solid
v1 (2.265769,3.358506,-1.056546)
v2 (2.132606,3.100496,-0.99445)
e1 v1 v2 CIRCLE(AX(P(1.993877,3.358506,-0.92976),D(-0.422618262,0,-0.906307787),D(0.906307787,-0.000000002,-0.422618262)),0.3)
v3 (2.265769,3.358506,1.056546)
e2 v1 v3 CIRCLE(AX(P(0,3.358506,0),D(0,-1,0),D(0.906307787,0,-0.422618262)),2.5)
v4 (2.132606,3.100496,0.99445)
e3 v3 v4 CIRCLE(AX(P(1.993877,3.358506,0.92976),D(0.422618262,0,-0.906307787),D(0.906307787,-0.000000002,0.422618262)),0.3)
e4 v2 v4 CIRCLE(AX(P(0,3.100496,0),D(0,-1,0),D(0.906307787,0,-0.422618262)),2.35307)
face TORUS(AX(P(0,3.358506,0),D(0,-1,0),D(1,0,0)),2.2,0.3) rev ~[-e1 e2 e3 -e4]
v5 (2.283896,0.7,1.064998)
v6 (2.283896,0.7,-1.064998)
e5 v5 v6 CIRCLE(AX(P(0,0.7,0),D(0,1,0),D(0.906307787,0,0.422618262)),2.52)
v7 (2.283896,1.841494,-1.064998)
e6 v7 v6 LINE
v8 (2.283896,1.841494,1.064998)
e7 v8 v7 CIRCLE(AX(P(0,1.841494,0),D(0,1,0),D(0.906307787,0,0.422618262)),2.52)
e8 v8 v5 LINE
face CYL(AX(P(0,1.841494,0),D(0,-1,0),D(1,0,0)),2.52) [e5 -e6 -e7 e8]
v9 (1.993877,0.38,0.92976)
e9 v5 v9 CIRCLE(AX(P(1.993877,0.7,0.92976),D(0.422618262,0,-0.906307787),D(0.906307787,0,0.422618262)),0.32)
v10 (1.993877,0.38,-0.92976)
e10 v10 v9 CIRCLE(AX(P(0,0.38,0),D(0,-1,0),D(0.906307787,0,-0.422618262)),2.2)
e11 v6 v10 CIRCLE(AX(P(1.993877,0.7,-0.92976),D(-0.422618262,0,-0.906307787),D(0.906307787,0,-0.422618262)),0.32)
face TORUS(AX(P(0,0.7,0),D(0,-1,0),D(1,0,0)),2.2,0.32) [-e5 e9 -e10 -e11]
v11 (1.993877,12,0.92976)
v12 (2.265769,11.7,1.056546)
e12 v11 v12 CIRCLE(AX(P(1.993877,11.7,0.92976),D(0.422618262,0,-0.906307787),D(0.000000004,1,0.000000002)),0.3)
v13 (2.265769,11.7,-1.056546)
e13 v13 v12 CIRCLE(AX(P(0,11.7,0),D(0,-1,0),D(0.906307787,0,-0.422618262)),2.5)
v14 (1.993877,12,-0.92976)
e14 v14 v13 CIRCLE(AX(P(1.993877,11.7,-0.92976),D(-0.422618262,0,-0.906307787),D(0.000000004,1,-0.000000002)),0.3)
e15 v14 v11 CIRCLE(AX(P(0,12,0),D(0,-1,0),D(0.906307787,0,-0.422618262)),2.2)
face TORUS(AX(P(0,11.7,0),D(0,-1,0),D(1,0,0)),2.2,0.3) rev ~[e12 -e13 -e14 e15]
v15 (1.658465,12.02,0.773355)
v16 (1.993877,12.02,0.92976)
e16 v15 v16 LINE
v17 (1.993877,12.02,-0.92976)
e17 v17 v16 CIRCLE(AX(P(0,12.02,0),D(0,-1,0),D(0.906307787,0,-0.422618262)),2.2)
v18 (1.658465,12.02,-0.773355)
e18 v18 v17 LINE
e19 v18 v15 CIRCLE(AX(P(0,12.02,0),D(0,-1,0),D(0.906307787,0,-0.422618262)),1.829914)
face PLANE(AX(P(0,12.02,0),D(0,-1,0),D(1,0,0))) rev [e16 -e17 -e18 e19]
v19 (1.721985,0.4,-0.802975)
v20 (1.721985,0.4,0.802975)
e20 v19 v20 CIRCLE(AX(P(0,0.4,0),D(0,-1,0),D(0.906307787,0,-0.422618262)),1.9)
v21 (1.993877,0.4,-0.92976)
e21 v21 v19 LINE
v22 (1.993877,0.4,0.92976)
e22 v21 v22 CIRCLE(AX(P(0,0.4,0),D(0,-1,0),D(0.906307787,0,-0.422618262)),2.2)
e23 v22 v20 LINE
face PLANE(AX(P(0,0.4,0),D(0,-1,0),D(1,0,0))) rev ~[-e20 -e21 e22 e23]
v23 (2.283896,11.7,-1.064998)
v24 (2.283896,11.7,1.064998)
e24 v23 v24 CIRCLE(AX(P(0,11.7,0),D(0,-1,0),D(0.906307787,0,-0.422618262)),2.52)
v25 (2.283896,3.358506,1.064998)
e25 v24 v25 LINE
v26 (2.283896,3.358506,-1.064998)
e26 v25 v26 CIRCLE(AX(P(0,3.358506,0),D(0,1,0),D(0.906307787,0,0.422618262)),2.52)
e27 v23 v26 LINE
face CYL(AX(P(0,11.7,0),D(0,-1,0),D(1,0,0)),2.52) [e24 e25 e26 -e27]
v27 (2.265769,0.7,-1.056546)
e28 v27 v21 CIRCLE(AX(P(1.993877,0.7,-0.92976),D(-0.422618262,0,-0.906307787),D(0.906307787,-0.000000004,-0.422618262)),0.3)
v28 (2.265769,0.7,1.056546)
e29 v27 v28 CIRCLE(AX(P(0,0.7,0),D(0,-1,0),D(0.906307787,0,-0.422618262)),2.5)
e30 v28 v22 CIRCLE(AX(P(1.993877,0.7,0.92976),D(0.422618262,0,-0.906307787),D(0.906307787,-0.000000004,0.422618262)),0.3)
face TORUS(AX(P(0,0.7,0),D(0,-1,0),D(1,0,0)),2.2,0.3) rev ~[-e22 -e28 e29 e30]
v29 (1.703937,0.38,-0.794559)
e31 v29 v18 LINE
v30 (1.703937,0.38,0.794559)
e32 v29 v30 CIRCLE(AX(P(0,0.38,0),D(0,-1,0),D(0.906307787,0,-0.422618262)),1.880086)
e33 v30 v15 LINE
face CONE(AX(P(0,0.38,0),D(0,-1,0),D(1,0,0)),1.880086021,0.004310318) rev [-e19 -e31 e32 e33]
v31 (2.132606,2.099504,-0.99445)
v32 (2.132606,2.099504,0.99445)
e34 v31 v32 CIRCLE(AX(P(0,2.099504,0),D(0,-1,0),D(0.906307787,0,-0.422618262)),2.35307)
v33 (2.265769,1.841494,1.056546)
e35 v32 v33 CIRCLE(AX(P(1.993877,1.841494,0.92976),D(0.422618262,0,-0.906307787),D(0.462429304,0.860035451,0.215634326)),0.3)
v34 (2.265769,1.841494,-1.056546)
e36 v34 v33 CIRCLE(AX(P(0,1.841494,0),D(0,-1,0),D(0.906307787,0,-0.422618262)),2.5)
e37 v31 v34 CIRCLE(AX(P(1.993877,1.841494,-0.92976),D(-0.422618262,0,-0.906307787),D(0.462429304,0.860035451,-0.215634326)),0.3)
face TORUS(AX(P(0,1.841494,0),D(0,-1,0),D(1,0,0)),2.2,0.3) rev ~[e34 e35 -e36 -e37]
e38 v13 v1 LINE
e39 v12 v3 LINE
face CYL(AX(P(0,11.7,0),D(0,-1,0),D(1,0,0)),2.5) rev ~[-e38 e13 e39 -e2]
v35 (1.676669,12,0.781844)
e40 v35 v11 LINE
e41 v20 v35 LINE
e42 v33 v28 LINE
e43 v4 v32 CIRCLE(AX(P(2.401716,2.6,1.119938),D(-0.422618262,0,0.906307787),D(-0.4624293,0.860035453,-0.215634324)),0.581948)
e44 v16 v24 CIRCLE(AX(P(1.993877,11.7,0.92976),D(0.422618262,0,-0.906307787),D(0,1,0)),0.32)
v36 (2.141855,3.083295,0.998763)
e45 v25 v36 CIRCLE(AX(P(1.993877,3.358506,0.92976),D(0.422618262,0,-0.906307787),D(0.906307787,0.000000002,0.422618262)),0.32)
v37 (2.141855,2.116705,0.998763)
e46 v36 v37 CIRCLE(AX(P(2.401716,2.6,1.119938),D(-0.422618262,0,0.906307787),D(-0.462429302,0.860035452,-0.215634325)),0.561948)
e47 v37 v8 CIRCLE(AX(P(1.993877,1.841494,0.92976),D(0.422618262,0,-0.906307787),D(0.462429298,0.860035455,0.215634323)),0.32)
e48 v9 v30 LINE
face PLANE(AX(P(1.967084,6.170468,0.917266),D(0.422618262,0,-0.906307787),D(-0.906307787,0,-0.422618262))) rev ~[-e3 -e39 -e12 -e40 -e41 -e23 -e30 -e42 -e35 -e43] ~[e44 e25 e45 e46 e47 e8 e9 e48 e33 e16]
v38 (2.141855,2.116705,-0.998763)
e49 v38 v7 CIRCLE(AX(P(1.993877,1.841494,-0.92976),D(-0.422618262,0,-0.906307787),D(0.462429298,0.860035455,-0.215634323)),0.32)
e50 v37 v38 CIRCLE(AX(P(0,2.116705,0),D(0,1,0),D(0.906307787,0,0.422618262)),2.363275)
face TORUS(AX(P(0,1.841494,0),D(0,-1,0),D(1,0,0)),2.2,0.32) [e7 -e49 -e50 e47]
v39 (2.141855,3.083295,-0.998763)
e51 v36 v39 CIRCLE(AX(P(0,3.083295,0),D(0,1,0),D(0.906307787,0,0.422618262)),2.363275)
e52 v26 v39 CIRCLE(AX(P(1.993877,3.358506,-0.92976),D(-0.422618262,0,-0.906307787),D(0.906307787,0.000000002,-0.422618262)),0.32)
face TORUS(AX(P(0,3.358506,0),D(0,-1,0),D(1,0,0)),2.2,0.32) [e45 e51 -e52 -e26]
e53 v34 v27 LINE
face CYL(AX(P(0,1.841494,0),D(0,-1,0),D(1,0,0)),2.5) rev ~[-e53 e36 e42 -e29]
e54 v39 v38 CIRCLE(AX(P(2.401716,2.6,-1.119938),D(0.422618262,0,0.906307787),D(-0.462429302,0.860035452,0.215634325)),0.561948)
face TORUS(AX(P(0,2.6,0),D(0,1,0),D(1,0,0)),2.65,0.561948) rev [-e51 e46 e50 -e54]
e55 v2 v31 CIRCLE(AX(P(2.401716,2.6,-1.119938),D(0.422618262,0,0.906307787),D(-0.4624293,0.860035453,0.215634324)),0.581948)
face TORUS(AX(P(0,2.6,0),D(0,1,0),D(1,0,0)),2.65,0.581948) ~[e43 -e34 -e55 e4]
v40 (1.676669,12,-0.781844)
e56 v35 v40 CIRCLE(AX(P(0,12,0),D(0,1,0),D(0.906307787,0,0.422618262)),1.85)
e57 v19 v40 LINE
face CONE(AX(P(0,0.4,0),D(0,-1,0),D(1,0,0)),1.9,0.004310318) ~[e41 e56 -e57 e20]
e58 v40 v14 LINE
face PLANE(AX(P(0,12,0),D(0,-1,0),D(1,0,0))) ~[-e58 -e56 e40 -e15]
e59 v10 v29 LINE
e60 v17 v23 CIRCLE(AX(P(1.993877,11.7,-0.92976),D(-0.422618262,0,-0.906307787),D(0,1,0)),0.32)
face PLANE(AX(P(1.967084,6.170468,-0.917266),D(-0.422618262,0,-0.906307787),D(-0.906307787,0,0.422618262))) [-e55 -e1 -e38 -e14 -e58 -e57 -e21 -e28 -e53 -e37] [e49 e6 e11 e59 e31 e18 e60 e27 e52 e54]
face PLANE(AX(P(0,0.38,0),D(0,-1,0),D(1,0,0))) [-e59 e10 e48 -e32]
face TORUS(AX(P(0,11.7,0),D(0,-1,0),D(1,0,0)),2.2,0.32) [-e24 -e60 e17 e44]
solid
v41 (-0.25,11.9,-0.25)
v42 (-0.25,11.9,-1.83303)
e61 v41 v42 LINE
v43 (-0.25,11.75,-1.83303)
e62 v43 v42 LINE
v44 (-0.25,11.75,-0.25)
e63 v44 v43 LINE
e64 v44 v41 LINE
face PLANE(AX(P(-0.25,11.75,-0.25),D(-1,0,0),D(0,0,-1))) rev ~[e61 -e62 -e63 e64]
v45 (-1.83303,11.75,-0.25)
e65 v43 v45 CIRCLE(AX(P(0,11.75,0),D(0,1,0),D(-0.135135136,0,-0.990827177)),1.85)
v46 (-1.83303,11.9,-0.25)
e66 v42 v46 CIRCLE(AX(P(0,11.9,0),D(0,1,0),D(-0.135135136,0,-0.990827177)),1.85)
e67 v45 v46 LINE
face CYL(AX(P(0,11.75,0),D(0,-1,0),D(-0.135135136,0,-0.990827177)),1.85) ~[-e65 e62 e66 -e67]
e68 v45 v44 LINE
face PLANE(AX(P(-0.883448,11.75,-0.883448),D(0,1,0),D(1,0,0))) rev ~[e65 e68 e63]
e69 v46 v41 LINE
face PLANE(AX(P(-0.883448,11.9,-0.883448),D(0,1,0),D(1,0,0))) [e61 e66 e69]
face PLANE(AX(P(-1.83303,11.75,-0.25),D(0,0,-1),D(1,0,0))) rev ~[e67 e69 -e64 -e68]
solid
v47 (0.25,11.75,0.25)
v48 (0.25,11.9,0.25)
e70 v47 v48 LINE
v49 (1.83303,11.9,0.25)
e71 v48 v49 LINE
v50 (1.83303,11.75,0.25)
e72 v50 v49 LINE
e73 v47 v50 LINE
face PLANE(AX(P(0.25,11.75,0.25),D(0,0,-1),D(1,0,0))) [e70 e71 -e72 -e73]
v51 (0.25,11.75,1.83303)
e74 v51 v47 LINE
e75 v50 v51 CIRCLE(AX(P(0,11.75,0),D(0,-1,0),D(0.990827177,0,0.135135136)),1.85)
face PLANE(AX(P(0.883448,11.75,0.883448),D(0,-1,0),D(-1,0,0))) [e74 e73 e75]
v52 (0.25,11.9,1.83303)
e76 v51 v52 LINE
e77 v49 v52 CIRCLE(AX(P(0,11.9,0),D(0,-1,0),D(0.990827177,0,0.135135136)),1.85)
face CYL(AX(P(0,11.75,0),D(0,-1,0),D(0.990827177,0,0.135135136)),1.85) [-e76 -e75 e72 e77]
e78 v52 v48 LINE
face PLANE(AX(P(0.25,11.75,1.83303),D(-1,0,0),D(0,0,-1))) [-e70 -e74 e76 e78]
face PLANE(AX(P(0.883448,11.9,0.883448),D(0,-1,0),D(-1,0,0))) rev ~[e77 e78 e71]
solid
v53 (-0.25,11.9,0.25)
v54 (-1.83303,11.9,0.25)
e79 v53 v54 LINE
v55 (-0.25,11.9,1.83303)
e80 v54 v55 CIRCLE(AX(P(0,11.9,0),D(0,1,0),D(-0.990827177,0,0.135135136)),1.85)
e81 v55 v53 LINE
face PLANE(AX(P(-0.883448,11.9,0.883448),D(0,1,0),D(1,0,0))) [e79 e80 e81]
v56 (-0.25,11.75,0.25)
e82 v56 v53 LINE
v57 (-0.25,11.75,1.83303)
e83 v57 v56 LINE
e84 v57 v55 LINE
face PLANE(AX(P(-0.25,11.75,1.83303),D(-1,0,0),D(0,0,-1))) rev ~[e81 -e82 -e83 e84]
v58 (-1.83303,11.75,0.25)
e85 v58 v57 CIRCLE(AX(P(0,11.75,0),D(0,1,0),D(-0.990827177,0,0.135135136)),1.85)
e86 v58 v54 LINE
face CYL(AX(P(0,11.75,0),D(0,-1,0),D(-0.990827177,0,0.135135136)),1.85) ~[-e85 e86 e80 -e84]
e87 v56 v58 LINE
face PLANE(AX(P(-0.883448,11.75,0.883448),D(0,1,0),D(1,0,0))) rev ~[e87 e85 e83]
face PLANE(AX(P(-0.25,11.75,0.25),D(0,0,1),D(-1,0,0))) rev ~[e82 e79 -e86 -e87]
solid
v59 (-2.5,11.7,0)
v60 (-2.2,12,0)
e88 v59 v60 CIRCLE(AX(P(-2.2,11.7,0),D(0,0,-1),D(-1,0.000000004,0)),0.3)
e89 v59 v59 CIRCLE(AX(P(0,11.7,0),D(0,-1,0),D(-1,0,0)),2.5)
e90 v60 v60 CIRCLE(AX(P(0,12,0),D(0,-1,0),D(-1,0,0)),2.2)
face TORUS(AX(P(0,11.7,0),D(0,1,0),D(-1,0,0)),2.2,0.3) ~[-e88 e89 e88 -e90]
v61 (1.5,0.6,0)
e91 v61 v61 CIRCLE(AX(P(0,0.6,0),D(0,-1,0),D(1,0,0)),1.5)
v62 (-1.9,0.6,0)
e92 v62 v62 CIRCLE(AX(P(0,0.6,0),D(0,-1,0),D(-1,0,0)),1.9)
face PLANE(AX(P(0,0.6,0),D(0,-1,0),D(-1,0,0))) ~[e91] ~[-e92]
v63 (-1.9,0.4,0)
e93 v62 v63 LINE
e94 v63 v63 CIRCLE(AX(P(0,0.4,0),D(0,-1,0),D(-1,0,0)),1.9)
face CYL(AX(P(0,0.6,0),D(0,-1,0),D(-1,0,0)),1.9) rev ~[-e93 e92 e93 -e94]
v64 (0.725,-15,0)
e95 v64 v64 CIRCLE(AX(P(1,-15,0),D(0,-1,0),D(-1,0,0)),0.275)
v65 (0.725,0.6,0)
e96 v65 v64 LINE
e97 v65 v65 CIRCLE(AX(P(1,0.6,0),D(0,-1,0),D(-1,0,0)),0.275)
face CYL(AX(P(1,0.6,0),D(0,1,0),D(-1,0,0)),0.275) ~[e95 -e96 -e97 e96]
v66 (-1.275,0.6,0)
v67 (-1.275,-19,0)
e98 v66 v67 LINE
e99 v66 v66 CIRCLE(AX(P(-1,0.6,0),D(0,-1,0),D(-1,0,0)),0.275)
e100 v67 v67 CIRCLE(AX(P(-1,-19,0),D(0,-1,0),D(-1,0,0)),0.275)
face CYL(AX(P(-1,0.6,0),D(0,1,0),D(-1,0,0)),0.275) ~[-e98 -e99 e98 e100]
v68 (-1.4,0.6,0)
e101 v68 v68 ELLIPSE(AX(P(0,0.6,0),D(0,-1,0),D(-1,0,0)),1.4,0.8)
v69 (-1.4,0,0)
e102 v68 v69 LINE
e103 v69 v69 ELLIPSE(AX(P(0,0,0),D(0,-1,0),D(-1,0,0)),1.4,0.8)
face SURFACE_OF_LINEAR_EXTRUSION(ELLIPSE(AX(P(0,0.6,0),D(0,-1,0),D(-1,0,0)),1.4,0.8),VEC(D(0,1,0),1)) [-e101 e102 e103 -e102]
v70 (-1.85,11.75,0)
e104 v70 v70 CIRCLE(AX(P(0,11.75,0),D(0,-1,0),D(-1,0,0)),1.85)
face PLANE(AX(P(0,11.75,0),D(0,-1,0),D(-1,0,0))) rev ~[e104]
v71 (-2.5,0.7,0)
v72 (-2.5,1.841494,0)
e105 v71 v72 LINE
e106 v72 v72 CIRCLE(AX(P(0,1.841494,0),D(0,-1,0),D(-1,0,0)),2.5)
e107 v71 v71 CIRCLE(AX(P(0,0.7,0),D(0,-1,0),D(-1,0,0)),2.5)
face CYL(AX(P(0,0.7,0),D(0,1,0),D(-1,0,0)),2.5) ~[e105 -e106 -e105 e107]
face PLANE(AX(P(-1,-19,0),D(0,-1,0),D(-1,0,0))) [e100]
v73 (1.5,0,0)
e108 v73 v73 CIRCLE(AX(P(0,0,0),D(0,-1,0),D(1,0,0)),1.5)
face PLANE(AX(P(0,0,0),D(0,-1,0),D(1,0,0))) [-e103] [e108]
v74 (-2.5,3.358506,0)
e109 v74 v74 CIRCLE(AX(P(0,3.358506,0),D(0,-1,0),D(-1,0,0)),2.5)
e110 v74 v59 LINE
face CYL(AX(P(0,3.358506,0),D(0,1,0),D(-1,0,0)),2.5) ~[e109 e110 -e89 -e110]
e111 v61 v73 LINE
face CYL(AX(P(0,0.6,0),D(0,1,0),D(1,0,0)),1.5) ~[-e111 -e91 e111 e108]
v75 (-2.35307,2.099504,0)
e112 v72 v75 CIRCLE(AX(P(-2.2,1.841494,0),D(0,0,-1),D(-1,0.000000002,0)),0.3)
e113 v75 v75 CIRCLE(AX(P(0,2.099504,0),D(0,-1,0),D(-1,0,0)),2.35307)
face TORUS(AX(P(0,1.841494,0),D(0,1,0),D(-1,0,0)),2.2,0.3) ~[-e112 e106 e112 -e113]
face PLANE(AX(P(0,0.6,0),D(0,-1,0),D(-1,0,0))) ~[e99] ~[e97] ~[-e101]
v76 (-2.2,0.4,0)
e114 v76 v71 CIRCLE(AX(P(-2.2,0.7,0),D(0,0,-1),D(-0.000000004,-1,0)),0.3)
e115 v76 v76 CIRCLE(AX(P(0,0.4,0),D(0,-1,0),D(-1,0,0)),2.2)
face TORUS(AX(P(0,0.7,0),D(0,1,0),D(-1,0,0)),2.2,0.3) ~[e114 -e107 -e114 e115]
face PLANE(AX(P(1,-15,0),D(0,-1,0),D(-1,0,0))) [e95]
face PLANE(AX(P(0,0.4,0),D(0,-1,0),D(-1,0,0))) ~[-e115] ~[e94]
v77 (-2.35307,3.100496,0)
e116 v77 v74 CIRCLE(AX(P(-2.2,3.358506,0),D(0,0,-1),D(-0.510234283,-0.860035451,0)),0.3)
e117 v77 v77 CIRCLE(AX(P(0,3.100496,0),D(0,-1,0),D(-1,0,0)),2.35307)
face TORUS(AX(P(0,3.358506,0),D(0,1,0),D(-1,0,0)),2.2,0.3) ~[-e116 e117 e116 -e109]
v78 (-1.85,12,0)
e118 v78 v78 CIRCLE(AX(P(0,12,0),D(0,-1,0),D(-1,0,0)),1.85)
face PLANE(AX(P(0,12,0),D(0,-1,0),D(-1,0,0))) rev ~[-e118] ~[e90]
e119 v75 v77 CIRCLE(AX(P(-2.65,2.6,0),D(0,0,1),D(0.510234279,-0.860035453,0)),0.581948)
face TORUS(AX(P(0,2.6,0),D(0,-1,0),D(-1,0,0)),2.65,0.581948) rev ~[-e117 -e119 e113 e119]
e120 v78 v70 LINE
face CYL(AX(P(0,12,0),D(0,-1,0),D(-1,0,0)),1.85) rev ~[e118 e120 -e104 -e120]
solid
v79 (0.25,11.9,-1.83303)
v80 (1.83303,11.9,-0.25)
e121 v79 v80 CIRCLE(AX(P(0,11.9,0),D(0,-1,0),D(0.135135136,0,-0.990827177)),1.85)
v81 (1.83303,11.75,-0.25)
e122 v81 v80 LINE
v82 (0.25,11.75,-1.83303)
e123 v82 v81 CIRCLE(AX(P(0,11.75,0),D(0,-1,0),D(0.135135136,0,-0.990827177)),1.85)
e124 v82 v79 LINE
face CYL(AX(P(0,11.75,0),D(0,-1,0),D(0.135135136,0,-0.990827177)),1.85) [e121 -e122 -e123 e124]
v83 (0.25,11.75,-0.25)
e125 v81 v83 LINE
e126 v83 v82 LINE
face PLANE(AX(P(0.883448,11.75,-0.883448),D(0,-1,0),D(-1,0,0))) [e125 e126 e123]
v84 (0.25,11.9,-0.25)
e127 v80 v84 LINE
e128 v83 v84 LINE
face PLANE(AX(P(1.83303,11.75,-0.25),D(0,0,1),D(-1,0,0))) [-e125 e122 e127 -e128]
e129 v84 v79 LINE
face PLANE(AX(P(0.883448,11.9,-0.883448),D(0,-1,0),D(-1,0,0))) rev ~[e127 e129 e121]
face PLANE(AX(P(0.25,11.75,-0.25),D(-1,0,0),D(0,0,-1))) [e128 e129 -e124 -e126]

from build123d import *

# Parameters (mm, degrees)
BOSS_EXTRUDE1_DEPTH      = 0.15
BOSS_EXTRUDE1_2_DEPTH    = 0.15
BOSS_EXTRUDE1_3_DEPTH    = 0.15
BOSS_EXTRUDE1_4_DEPTH    = 0.15
SKETCH3_R                = 1.5
SKETCH3_RX               = 1.4
SKETCH3_RY               = 0.8
BOSS_EXTRUDE2_DEPTH      = 0.6
REVOLVE3_ANGLE           = 25
REVOLVE3_OTHER_WAY_ANGLE = 25
SKETCH7_R                = 0.275
BOSS_EXTRUDE3_DEPTH      = 19.6
SKETCH7_4_R              = 0.275
BOSS_EXTRUDE4_DEPTH      = 15.6


with BuildPart() as part:
    # Sketch1 → Revolve1 (revolve)
    with BuildSketch(Plane.XY, mode=Mode.PRIVATE) as revolve1_sk:
        with BuildLine():
            Line((0, 0.6), (1.9, 0.6))
            Line((1.9, 0.6), (1.9, 0.4))
            Line((1.9, 0.4), (2.2, 0.4))
            ThreePointArc((2.2, 0.4), (2.412132034, 0.487867966), (2.5, 0.7))
            Line((2.5, 0.7), (2.5, 1.841493624))
            ThreePointArc((2.5, 1.841493624), (2.460692429, 1.989950545), (2.353070284, 2.09950426))
            ThreePointArc((2.353070284, 2.09950426), (2.0680522, 2.6), (2.353070284, 3.10049574))
            ThreePointArc((2.353070284, 3.10049574), (2.460692429, 3.210049455), (2.5, 3.358506376))
            Line((2.5, 3.358506376), (2.5, 11.7))
            ThreePointArc((2.5, 11.7), (2.412132034, 11.912132034), (2.2, 12))
            Line((2.2, 12), (1.85, 12))
            Line((1.85, 12), (1.85, 11.75))
            Line((1.85, 11.75), (0, 11.75))
            Line((0, 11.75), (0, 0.6))
        make_face()
    revolve(revolve1_sk.sketch.rotate(Axis((0, 11.75, 0), (0, -1, 0)), 180), axis=Axis((0, 11.75, 0), (0, -1, 0)))



with BuildPart() as body_2:
    # Sketch2 → Boss-Extrude1 (new body)
    with BuildSketch(Plane(origin=(0, 11.75, 0), x_dir=(1, 0, 0), z_dir=(0, 1, 0))):
        with BuildLine():
            Line((-0.25, 0.25), (-0.25, 1.833030278))
            ThreePointArc((-0.25, 1.833030278), (-1.308147545, 1.308147545), (-1.833030278, 0.25))
            Line((-1.833030278, 0.25), (-0.25, 0.25))
        make_face()
    extrude(amount=BOSS_EXTRUDE1_DEPTH)


with BuildPart() as body_3:
    # Sketch2 → Boss-Extrude1 2 (new body)
    with BuildSketch(Plane(origin=(0, 11.75, 0), x_dir=(1, 0, 0), z_dir=(0, 1, 0))):
        with BuildLine():
            Line((0.25, -1.833030278), (0.25, -0.25))
            Line((0.25, -0.25), (1.833030278, -0.25))
            ThreePointArc((1.833030278, -0.25), (1.308147545, -1.308147545), (0.25, -1.833030278))
        make_face()
    extrude(amount=BOSS_EXTRUDE1_2_DEPTH)


with BuildPart() as body_4:
    # Sketch2 → Boss-Extrude1 3 (new body)
    with BuildSketch(Plane(origin=(0, 11.75, 0), x_dir=(1, 0, 0), z_dir=(0, 1, 0))):
        with BuildLine():
            Line((-0.25, -1.833030278), (-0.25, -0.25))
            Line((-0.25, -0.25), (-1.833030278, -0.25))
            ThreePointArc((-1.833030278, -0.25), (-1.308147545, -1.308147545), (-0.25, -1.833030278))
        make_face()
    extrude(amount=BOSS_EXTRUDE1_3_DEPTH)


with BuildPart() as body_5:
    # Sketch2 → Boss-Extrude1 4 (new body)
    with BuildSketch(Plane(origin=(0, 11.75, 0), x_dir=(1, 0, 0), z_dir=(0, 1, 0))):
        with BuildLine():
            Line((0.25, 0.25), (0.25, 1.833030278))
            ThreePointArc((0.25, 1.833030278), (1.308147545, 1.308147545), (1.833030278, 0.25))
            Line((1.833030278, 0.25), (0.25, 0.25))
        make_face()
    extrude(amount=BOSS_EXTRUDE1_4_DEPTH)


with BuildPart() as body_6:
    # Sketch3 → Boss-Extrude2 (new body)
    with BuildSketch(Plane.XZ.offset(-0.6)):
        Circle(SKETCH3_R)
        with Locations(Location((0, 0), (0, 0, 180))):
            Ellipse(SKETCH3_RX, SKETCH3_RY, mode=Mode.SUBTRACT)
    extrude(amount=BOSS_EXTRUDE2_DEPTH)


with BuildPart() as body_7:
    # Sketch5 → Revolve3 (revolve)
    with BuildSketch(Plane.XY):
        with BuildLine():
            Line((2.52, 11.7), (2.52, 3.358506376))
            ThreePointArc((2.52, 3.358506376), (2.478071924, 3.200152326), (2.363274969, 3.083295031))
            ThreePointArc((2.363274969, 3.083295031), (2.0880522, 2.6), (2.363274969, 2.116704969))
            ThreePointArc((2.363274969, 2.116704969), (2.478071924, 1.999847674), (2.52, 1.841493624))
            Line((2.52, 1.841493624), (2.52, 0.7))
            ThreePointArc((2.52, 0.7), (2.42627417, 0.47372583), (2.2, 0.38))
            Line((2.2, 0.38), (1.880086021, 0.38))
            Line((1.880086021, 0.38), (1.829913607, 12.02))
            Line((1.829913607, 12.02), (2.2, 12.02))
            ThreePointArc((2.2, 12.02), (2.42627417, 11.92627417), (2.52, 11.7))
        make_face()
        with BuildLine():
            Line((1.85, 12), (2.2, 12))
            ThreePointArc((2.2, 12), (2.412132034, 11.912132034), (2.5, 11.7))
            Line((2.5, 11.7), (2.5, 3.358506376))
            ThreePointArc((2.5, 3.358506376), (2.460692429, 3.210049455), (2.353070284, 3.10049574))
            ThreePointArc((2.353070284, 3.10049574), (2.0680522, 2.6), (2.353070284, 2.09950426))
            ThreePointArc((2.353070284, 2.09950426), (2.460692429, 1.989950545), (2.5, 1.841493624))
            Line((2.5, 1.841493624), (2.5, 0.7))
            ThreePointArc((2.5, 0.7), (2.412132034, 0.487867966), (2.2, 0.4))
            Line((2.2, 0.4), (1.9, 0.4))
            Line((1.9, 0.4), (1.85, 12))
        make_face(mode=Mode.SUBTRACT)
    revolve(axis=Axis((0, 0, 0), (0, 1, 0)), revolution_arc=REVOLVE3_ANGLE)

    # Sketch5 → Revolve3 other way (revolve)
    with BuildSketch(Plane.XY):
        with BuildLine():
            Line((2.52, 11.7), (2.52, 3.358506376))
            ThreePointArc((2.52, 3.358506376), (2.478071924, 3.200152326), (2.363274969, 3.083295031))
            ThreePointArc((2.363274969, 3.083295031), (2.0880522, 2.6), (2.363274969, 2.116704969))
            ThreePointArc((2.363274969, 2.116704969), (2.478071924, 1.999847674), (2.52, 1.841493624))
            Line((2.52, 1.841493624), (2.52, 0.7))
            ThreePointArc((2.52, 0.7), (2.42627417, 0.47372583), (2.2, 0.38))
            Line((2.2, 0.38), (1.880086021, 0.38))
            Line((1.880086021, 0.38), (1.829913607, 12.02))
            Line((1.829913607, 12.02), (2.2, 12.02))
            ThreePointArc((2.2, 12.02), (2.42627417, 11.92627417), (2.52, 11.7))
        make_face()
        with BuildLine():
            Line((1.85, 12), (2.2, 12))
            ThreePointArc((2.2, 12), (2.412132034, 11.912132034), (2.5, 11.7))
            Line((2.5, 11.7), (2.5, 3.358506376))
            ThreePointArc((2.5, 3.358506376), (2.460692429, 3.210049455), (2.353070284, 3.10049574))
            ThreePointArc((2.353070284, 3.10049574), (2.0680522, 2.6), (2.353070284, 2.09950426))
            ThreePointArc((2.353070284, 2.09950426), (2.460692429, 1.989950545), (2.5, 1.841493624))
            Line((2.5, 1.841493624), (2.5, 0.7))
            ThreePointArc((2.5, 0.7), (2.412132034, 0.487867966), (2.2, 0.4))
            Line((2.2, 0.4), (1.9, 0.4))
            Line((1.9, 0.4), (1.85, 12))
        make_face(mode=Mode.SUBTRACT)
    revolve(axis=Axis((0, 0, 0), (0, -1, 0)), revolution_arc=REVOLVE3_OTHER_WAY_ANGLE)


with BuildPart() as part_1:
    add(part.part)

    add(body_6.part)  # Boss-Extrude3 merges body 6
    # Sketch7 → Boss-Extrude3 (add)
    with BuildSketch(Plane.XZ.offset(-0.6)):
        with Locations(Location((-1, 0, 0), (0, 0, 180))):
            Circle(SKETCH7_R)
    extrude(amount=BOSS_EXTRUDE3_DEPTH)

    # Sketch7<4> → Boss-Extrude4 (add)
    with BuildSketch(Plane.XZ.offset(-0.6)):
        with Locations(Location((1, 0, 0), (0, 0, 180))):
            Circle(SKETCH7_4_R)
    extrude(amount=BOSS_EXTRUDE4_DEPTH)


solid = Compound([body_2.part, body_3.part, body_4.part, body_5.part, body_7.part, part_1.part])
